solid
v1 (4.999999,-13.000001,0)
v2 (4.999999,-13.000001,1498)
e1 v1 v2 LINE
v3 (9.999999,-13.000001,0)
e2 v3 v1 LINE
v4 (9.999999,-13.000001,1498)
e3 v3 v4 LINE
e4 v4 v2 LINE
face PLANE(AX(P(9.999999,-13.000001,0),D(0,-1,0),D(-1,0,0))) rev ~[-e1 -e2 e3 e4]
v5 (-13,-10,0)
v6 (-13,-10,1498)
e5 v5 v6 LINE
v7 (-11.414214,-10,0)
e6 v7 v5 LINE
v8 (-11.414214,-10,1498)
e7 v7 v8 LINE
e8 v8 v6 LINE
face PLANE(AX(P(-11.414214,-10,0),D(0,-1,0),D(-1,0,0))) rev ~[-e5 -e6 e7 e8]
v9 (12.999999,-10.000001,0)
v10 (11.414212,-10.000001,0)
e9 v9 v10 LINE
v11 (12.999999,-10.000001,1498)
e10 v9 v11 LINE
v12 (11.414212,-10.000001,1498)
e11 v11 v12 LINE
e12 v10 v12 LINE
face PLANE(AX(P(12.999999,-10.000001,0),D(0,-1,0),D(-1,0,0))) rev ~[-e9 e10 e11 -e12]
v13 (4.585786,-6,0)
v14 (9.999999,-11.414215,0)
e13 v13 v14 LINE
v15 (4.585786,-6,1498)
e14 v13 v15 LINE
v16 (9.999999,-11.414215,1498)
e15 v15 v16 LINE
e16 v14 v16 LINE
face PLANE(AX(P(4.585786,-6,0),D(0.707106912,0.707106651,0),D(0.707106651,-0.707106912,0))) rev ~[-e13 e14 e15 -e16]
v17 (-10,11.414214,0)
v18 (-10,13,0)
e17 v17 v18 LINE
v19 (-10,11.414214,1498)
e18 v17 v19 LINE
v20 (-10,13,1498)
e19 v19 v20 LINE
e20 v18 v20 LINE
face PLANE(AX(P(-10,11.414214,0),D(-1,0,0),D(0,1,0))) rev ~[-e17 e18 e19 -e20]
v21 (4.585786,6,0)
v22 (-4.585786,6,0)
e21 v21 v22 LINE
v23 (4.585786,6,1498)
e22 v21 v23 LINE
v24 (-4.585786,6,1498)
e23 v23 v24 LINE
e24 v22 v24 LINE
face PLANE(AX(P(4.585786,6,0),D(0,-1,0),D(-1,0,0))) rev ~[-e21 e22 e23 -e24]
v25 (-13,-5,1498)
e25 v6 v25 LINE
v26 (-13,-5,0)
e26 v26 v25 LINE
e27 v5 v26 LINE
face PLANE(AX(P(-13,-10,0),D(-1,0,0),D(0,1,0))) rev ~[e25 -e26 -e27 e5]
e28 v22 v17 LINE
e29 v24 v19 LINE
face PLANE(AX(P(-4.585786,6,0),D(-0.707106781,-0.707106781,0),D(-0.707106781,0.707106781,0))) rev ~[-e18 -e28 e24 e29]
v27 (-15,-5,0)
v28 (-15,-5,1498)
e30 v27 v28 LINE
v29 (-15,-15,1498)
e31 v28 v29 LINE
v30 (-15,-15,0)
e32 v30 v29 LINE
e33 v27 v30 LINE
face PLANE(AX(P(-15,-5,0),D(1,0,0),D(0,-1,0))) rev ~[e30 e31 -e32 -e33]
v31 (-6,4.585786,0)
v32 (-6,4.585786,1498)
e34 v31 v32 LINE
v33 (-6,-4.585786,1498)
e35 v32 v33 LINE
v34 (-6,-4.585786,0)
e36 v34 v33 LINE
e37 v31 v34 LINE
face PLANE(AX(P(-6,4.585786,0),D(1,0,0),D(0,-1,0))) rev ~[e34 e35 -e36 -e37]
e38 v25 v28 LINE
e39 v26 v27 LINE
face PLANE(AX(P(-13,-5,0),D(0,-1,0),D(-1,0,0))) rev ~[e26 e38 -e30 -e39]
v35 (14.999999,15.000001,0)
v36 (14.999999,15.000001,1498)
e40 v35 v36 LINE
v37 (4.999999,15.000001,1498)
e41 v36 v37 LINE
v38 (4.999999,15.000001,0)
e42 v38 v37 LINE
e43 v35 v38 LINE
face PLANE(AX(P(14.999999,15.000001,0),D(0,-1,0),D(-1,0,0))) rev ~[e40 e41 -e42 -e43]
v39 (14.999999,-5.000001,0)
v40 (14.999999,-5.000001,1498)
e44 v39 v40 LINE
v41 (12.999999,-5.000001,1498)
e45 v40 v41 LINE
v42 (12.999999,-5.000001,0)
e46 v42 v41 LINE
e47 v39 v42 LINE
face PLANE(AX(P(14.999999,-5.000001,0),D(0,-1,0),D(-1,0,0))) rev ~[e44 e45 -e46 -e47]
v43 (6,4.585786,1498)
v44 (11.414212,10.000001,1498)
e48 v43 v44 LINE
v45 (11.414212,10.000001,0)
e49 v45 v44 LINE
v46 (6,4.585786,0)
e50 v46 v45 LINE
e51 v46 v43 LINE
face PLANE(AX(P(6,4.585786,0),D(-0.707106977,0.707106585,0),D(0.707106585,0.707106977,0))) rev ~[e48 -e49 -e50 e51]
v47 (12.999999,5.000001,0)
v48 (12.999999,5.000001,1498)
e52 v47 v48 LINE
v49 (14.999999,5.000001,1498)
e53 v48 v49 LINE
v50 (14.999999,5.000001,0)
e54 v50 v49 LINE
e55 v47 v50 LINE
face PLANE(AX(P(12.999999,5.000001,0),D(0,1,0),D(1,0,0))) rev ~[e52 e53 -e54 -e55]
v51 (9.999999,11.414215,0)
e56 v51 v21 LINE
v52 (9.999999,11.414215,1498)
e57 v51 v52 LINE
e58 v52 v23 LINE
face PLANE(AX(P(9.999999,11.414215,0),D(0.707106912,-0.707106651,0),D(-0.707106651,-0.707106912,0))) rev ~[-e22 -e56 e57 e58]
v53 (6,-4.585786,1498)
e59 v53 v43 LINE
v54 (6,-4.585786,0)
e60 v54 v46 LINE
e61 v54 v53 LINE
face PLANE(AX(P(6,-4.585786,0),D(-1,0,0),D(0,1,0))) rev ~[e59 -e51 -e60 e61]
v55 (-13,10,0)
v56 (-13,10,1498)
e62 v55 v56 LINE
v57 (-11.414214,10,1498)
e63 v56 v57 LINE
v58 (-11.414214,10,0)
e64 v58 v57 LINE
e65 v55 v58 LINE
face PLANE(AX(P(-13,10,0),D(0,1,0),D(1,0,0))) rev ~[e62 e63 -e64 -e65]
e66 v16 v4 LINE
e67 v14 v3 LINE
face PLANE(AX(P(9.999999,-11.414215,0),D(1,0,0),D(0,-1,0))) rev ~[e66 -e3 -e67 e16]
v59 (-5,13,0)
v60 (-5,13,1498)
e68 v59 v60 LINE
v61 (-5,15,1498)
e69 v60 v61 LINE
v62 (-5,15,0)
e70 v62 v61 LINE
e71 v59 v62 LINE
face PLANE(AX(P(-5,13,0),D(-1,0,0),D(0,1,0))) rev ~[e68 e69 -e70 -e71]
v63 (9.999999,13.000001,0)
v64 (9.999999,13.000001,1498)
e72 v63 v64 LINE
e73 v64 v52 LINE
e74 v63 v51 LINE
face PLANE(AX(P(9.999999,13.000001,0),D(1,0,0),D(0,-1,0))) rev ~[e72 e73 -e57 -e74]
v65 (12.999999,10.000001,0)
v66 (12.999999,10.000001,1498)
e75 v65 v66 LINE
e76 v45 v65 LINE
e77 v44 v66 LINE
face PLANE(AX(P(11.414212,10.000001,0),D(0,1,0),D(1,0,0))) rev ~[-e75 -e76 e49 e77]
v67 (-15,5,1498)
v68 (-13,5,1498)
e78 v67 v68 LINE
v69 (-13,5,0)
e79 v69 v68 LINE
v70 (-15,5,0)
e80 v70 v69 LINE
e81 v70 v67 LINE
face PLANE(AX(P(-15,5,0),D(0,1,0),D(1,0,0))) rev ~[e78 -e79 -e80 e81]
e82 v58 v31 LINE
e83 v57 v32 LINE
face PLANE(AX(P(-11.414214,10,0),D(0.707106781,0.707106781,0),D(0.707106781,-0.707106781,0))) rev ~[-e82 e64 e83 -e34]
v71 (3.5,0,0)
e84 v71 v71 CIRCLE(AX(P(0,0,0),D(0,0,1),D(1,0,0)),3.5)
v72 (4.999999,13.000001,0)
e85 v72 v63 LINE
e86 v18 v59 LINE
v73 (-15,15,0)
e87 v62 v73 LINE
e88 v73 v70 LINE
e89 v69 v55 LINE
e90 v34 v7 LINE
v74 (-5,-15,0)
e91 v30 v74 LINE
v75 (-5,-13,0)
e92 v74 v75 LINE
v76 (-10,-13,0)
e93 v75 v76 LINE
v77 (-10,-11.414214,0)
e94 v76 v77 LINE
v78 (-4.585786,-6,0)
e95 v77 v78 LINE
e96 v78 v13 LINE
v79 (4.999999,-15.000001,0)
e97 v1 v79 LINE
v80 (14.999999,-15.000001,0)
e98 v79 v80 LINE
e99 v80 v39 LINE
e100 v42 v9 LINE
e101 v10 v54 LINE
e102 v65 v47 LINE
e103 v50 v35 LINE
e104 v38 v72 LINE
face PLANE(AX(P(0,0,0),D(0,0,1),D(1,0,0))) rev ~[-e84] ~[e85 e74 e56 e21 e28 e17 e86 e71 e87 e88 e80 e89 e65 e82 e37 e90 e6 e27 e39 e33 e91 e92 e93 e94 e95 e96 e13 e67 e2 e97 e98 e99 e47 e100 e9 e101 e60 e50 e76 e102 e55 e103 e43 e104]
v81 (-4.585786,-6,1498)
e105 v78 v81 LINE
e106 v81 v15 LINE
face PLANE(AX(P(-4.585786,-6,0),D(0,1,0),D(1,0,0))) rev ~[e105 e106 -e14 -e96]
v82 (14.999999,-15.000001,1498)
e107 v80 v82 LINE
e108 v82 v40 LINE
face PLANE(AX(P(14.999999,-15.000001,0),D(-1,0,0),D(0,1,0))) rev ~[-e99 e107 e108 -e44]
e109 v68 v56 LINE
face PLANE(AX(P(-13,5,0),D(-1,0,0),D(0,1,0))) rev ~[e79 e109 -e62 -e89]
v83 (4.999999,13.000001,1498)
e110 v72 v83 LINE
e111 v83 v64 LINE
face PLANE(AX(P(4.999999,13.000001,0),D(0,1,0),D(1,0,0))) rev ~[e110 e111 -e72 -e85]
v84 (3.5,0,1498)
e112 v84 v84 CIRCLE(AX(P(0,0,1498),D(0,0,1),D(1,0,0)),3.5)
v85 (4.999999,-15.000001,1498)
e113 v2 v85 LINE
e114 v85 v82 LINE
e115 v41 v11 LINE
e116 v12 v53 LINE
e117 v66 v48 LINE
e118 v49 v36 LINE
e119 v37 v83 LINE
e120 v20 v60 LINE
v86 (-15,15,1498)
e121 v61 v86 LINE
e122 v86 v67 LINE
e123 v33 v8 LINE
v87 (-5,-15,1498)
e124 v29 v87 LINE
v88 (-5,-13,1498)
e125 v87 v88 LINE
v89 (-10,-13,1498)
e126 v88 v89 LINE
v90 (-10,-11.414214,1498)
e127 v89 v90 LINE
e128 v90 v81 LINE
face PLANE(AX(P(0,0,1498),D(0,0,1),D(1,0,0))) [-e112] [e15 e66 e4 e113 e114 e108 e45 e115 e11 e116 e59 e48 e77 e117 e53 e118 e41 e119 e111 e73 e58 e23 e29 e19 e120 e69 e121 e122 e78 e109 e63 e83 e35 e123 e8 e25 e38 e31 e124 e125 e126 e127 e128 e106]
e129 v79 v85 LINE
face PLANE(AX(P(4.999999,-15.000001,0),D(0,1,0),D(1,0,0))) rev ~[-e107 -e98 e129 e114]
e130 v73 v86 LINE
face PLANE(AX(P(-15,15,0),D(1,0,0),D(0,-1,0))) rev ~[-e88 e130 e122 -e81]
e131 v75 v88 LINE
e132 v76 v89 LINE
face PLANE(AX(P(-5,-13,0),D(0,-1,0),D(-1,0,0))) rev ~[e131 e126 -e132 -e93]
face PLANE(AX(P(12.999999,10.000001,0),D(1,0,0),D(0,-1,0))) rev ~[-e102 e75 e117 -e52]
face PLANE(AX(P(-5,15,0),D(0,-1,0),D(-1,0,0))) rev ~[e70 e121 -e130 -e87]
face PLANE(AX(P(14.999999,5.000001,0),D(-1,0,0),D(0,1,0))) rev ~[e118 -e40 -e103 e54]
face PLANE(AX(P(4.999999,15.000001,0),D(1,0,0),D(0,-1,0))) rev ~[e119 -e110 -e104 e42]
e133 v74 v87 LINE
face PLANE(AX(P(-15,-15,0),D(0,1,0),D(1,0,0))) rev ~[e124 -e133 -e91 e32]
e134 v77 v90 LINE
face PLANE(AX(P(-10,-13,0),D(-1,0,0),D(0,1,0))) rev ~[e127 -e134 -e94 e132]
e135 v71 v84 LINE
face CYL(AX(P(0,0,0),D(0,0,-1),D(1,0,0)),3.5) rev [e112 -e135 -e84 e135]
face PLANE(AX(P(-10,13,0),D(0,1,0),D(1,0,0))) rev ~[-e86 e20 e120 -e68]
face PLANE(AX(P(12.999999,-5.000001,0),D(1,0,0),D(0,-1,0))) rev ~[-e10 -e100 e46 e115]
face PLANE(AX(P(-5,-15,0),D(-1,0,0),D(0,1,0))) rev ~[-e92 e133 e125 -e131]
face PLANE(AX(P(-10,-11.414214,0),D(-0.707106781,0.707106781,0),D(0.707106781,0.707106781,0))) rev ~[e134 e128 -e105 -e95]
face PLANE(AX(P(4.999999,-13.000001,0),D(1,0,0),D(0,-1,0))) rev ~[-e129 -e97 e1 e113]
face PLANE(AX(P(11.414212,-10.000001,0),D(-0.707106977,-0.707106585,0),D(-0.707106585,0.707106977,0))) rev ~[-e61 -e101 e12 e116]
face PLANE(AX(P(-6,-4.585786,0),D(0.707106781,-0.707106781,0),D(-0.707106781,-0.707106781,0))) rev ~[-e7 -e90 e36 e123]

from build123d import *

# Parameters (mm, degrees)
F0_R     = 3.5
F1_DEPTH = 1498


with BuildPart() as f1:
    # F0 (on Top) → F1 (new body)
    with BuildSketch(Plane.XY):
        Polygon((4.585786, 6), (-4.585786, 6), (-10, 11.414214), (-10, 13), (-5, 13), (-5, 15), (-15, 15), (-15, 5), (-13, 5), (-13, 10), (-11.414214, 10), (-6, 4.585786), (-6, -4.585786), (-11.414214, -10), (-13, -10), (-13, -5), (-15, -5), (-15, -15), (-5, -15), (-5, -13), (-10, -13), (-10, -11.414214), (-4.585786, -6), (4.585786, -6), (9.999999, -11.414215), (9.999999, -13.000001), (4.999999, -13.000001), (4.999999, -15.000001), (14.999999, -15.000001), (14.999999, -5.000001), (12.999999, -5.000001), (12.999999, -10.000001), (11.414212, -10.000001), (6, -4.585786), (6, 4.585786), (11.414212, 10.000001), (12.999999, 10.000001), (12.999999, 5.000001), (14.999999, 5.000001), (14.999999, 15.000001), (4.999999, 15.000001), (4.999999, 13.000001), (9.999999, 13.000001), (9.999999, 11.414215), align=None)
        Circle(F0_R, mode=Mode.SUBTRACT)
    extrude(amount=F1_DEPTH)


solid = f1.part
